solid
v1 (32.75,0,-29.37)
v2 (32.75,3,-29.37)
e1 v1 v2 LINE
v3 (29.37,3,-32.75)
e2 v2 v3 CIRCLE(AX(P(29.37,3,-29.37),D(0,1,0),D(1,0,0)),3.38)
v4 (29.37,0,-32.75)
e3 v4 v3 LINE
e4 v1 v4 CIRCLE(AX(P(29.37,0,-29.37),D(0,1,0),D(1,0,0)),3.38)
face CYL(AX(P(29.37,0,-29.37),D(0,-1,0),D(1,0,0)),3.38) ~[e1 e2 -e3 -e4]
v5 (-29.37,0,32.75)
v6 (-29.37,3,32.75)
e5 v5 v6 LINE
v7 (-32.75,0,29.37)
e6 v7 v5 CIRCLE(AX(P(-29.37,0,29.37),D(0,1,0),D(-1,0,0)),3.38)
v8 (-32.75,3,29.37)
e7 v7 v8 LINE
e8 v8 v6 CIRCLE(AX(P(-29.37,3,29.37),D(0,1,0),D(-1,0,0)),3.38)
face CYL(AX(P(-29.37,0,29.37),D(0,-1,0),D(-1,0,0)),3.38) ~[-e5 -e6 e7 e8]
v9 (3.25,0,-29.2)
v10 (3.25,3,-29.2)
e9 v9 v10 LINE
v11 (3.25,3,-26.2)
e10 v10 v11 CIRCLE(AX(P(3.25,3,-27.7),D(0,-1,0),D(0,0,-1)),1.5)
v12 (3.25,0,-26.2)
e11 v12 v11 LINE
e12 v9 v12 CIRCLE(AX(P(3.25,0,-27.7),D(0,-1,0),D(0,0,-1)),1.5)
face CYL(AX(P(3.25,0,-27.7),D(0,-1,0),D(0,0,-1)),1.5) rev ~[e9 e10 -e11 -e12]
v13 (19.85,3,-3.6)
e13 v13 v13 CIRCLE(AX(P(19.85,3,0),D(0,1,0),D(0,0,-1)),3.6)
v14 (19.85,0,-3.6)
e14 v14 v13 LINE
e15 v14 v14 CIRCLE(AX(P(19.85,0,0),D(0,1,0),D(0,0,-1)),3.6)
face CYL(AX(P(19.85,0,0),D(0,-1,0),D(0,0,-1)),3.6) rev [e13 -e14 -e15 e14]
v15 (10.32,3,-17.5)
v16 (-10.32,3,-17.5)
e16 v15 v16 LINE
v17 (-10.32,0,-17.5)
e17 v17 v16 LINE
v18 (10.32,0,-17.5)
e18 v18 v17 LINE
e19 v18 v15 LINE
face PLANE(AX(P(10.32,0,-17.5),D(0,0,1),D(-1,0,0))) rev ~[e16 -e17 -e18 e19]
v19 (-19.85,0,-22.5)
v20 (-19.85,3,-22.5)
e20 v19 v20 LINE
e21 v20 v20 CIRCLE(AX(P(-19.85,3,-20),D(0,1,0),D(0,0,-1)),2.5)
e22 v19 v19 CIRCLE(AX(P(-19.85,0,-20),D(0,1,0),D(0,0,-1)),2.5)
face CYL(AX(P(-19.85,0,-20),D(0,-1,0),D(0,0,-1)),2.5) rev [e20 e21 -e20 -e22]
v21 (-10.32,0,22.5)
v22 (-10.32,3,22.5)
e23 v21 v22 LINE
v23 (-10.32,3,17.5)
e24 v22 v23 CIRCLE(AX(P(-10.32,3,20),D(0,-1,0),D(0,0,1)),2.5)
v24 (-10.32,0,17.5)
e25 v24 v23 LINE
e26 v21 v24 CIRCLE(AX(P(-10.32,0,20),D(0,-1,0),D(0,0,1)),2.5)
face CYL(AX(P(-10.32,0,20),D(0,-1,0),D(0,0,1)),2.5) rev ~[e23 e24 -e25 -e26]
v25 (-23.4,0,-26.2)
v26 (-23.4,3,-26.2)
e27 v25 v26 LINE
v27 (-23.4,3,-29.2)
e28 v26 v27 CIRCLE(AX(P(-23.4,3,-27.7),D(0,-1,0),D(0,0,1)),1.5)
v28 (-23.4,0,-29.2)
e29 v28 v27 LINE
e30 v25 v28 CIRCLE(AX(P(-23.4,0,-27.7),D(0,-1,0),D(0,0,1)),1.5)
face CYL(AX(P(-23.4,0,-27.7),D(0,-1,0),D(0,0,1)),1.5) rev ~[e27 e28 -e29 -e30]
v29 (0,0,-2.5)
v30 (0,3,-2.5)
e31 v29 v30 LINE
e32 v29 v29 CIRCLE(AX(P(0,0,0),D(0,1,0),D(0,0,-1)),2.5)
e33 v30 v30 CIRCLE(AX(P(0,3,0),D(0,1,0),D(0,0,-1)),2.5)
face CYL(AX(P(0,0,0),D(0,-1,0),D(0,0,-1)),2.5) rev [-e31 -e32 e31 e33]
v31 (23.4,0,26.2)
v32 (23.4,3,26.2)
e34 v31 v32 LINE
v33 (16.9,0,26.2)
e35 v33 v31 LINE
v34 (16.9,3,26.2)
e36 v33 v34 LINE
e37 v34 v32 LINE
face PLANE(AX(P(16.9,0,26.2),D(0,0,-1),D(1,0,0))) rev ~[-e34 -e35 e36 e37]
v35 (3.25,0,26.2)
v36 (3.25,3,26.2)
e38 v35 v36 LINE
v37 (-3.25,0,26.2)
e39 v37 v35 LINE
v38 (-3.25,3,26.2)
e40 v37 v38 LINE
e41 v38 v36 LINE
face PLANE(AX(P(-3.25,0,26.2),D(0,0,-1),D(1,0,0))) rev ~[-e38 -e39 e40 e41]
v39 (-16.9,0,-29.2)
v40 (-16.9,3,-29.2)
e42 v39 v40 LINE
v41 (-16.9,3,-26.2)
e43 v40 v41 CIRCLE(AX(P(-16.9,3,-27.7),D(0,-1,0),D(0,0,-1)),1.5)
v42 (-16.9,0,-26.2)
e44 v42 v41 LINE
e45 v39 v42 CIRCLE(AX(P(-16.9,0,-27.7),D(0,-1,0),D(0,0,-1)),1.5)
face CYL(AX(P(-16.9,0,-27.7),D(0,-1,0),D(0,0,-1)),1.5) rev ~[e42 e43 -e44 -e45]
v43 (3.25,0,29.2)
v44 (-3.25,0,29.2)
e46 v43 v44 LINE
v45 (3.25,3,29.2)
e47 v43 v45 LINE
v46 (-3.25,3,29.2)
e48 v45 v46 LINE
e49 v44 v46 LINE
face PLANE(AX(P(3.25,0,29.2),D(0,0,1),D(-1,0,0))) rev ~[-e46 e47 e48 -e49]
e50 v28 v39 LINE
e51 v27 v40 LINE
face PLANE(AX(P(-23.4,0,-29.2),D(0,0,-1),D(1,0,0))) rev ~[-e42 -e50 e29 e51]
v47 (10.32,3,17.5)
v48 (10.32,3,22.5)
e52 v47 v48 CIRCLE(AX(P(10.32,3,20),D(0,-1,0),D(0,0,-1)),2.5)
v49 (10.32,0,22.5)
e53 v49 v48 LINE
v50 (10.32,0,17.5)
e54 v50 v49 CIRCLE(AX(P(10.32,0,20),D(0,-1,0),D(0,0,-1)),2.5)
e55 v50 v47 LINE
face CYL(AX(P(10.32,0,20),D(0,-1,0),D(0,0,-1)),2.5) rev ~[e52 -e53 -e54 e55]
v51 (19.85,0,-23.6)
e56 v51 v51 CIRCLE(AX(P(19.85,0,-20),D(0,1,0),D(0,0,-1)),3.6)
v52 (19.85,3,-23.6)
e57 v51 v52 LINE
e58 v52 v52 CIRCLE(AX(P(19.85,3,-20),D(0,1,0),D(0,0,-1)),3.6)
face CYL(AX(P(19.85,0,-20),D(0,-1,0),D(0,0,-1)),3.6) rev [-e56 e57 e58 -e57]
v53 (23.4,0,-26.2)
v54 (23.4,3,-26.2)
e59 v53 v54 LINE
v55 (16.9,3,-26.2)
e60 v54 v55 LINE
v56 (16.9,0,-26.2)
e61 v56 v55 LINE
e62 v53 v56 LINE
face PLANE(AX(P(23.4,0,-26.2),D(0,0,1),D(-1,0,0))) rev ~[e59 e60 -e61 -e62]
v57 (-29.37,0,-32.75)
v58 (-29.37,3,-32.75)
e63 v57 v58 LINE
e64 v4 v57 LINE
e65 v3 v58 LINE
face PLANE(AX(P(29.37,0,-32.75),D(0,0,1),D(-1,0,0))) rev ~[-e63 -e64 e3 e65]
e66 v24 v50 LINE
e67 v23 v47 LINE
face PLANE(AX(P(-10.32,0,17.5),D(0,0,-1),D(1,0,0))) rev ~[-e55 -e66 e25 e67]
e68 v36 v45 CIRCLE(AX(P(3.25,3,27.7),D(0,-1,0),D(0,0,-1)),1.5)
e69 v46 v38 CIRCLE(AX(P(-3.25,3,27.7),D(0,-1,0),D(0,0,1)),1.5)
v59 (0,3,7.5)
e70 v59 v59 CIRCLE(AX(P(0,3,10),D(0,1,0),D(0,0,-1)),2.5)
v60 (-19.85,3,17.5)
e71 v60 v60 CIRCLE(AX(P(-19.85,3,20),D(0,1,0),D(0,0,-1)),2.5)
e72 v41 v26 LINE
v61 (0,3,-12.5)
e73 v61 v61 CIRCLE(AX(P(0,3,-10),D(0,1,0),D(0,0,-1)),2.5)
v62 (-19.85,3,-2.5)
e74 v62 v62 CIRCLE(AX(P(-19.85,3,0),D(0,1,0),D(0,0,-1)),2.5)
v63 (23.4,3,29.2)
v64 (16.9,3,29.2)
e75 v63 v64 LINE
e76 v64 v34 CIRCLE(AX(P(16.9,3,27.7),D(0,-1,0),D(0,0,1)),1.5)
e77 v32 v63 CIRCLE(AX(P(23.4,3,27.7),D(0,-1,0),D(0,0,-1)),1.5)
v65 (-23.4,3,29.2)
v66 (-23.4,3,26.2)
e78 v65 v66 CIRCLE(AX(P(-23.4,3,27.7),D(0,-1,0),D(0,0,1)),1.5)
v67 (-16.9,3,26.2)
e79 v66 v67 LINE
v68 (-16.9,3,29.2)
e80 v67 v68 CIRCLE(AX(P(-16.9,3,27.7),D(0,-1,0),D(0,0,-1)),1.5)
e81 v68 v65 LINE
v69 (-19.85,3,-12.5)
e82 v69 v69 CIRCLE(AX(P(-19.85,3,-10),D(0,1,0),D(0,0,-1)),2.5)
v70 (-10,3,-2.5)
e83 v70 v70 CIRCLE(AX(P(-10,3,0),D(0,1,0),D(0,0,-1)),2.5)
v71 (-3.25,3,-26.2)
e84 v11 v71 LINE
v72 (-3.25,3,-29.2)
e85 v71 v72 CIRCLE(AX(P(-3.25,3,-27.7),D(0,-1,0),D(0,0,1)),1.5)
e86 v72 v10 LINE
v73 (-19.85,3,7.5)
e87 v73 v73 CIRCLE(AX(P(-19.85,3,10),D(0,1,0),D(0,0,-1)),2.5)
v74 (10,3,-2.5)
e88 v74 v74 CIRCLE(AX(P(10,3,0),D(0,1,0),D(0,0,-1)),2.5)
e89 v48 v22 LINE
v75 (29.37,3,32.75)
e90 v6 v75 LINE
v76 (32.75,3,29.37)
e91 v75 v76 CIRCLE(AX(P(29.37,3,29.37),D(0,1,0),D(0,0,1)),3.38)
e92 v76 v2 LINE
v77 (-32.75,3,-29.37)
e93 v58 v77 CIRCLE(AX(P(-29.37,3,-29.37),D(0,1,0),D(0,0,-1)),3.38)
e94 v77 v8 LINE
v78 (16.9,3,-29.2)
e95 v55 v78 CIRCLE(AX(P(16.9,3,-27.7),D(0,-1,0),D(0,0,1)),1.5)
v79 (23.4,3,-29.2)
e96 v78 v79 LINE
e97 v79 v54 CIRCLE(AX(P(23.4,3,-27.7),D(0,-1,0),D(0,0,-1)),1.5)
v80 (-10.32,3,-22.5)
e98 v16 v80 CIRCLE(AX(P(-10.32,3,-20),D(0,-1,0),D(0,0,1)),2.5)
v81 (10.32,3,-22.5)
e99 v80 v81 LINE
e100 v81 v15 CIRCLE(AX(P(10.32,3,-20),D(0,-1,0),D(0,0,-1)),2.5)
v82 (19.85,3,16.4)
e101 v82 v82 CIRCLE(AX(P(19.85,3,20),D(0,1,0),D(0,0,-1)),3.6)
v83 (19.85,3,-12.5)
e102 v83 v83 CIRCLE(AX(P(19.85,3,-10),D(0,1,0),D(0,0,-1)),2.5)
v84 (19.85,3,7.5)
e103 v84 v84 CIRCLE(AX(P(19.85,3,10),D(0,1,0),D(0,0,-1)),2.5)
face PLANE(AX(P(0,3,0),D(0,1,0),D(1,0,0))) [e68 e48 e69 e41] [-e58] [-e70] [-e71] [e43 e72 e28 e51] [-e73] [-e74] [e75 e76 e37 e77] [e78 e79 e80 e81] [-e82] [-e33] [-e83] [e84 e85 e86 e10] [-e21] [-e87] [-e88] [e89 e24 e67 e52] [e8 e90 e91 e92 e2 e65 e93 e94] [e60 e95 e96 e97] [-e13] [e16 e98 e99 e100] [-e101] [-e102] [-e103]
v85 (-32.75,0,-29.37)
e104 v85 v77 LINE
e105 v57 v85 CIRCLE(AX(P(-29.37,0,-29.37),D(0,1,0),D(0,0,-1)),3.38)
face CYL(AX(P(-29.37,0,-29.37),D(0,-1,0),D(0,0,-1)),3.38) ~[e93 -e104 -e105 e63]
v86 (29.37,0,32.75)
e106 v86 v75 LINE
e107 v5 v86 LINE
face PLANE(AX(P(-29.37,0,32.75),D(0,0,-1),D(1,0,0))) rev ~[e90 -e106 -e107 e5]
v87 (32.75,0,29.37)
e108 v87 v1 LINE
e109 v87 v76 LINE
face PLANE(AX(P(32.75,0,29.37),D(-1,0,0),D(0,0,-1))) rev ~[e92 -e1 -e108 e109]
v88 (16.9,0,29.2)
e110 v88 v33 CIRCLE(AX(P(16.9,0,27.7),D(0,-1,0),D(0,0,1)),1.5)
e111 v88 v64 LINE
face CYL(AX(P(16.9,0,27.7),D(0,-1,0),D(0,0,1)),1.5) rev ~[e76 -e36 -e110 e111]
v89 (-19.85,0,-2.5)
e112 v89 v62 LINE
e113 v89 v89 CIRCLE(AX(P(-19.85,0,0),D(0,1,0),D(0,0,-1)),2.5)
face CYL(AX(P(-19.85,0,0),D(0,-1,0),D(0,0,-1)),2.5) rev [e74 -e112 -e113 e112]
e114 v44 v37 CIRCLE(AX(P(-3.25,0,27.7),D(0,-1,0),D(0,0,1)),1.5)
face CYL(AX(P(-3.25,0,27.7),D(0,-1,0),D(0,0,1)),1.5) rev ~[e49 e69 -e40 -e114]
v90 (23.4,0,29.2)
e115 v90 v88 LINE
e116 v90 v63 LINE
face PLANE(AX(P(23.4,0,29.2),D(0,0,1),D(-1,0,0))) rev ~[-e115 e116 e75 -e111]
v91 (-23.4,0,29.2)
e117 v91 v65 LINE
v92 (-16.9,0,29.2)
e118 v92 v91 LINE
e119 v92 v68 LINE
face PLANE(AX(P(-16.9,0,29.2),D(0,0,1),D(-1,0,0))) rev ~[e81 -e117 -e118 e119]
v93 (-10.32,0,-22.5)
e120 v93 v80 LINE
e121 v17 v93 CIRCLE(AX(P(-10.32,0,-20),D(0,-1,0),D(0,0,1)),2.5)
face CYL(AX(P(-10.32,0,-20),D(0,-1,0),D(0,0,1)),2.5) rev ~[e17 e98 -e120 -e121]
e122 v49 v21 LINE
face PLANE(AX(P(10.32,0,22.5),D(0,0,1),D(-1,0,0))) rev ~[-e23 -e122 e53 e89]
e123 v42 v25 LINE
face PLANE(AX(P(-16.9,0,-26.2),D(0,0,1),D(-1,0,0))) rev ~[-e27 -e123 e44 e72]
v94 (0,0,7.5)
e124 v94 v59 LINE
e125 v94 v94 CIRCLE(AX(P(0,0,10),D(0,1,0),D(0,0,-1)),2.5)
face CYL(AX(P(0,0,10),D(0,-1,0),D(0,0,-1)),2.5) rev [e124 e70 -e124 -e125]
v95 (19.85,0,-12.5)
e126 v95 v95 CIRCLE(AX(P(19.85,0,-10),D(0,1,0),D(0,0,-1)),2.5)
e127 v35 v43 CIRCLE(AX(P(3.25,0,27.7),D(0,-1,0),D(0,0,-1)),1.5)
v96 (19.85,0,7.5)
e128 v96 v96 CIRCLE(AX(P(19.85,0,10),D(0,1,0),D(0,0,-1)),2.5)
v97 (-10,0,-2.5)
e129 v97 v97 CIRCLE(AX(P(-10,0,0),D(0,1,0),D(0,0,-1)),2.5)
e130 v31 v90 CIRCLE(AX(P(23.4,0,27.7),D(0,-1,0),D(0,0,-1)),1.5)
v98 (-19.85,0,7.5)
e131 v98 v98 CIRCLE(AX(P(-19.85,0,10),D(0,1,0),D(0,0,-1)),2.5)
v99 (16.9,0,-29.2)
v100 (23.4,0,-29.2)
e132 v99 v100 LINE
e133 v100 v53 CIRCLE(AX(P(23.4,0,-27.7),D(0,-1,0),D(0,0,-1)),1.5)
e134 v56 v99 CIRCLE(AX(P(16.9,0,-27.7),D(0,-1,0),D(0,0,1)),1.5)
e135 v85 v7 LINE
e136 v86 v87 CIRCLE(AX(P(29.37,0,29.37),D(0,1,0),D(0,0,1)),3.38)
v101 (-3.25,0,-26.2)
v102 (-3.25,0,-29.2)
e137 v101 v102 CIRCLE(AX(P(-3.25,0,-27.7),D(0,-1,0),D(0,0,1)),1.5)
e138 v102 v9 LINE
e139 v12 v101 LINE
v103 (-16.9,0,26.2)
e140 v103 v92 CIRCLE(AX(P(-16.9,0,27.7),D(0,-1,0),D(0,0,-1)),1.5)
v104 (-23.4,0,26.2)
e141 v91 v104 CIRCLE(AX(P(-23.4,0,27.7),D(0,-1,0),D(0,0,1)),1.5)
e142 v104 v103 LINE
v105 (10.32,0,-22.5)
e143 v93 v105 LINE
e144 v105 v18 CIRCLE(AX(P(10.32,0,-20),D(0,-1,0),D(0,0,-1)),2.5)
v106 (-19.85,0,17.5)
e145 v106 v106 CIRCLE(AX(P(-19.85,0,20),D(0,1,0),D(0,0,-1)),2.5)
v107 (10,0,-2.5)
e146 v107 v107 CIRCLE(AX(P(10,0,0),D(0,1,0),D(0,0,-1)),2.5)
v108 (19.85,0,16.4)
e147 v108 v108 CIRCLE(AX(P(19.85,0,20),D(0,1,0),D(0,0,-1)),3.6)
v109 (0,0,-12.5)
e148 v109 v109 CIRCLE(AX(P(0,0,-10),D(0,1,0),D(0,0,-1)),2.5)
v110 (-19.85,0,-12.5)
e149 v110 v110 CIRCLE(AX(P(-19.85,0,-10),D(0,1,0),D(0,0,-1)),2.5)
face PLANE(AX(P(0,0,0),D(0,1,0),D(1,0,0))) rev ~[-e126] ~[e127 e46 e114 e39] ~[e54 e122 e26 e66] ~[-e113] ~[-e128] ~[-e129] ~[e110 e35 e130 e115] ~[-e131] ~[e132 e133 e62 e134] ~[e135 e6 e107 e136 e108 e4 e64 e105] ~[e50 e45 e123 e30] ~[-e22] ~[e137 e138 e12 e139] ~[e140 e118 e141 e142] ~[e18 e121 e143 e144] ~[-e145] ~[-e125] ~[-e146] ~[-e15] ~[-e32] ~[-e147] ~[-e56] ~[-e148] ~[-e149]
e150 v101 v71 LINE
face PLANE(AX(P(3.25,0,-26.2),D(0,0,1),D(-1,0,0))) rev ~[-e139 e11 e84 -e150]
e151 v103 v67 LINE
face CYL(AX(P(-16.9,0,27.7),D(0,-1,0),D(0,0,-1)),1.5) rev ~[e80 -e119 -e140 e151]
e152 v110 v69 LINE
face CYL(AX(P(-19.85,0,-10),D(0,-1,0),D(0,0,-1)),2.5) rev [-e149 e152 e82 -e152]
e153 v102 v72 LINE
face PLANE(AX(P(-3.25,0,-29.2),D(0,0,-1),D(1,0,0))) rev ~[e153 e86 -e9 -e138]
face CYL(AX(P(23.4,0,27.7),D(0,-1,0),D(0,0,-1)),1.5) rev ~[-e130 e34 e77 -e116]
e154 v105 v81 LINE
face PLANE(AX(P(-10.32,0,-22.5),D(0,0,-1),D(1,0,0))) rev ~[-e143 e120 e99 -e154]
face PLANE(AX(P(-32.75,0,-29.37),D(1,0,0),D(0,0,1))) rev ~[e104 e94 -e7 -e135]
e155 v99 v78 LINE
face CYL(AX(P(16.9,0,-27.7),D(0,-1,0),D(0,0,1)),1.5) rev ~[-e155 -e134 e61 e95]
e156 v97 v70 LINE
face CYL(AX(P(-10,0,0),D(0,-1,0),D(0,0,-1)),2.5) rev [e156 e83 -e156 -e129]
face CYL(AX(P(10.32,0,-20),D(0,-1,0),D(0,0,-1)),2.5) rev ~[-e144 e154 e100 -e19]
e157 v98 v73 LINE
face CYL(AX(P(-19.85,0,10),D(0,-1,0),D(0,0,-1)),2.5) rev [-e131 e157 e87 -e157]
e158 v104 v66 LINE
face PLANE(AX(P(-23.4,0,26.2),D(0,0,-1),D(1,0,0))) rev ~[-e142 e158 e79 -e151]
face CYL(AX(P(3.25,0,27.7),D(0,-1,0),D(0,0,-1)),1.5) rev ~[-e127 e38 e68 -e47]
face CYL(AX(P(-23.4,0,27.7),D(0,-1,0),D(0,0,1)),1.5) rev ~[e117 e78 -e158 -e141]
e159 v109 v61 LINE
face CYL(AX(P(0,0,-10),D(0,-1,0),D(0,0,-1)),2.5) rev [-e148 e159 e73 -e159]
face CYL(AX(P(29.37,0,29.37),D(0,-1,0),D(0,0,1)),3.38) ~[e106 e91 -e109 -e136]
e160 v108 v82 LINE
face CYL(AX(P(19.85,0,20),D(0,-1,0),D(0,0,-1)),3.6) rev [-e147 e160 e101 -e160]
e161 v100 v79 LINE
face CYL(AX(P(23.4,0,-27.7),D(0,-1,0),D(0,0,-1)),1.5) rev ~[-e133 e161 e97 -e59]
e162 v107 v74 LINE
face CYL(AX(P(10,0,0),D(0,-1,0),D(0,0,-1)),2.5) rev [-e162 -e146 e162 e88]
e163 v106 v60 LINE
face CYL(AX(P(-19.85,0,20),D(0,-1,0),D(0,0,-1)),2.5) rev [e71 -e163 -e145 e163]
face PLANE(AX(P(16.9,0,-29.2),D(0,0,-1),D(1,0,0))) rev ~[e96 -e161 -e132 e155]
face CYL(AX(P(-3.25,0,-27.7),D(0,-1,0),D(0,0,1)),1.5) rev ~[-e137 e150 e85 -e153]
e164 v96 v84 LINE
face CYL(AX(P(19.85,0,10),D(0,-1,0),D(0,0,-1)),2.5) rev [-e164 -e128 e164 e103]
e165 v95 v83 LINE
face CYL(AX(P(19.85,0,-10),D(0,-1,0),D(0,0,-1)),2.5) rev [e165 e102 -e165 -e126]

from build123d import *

# Parameters (mm, degrees)
SKETCH1_R           = 3.6
SKETCH1_R_2         = 2.5
BOSS_EXTRUDE1_DEPTH = 3


with BuildPart() as part:
    # Sketch1 → Boss-Extrude1 (new body)
    with BuildSketch(Plane(origin=(0, 0, 0), x_dir=(1, 0, 0), z_dir=(0, 1, 0))):
        with BuildLine():
            Line((-32.75, 29.37), (-32.75, -29.37))
            ThreePointArc((-32.75, -29.37), (-31.76002092, -31.76002092), (-29.37, -32.75))
            Line((-29.37, -32.75), (29.37, -32.75))
            ThreePointArc((29.37, -32.75), (31.76002092, -31.76002092), (32.75, -29.37))
            Line((32.75, -29.37), (32.75, 29.37))
            ThreePointArc((32.75, 29.37), (31.76002092, 31.76002092), (29.37, 32.75))
            Line((29.37, 32.75), (-29.37, 32.75))
            ThreePointArc((-29.37, 32.75), (-31.76002092, 31.76002092), (-32.75, 29.37))
        make_face()
        with Locations(Location((19.85, -20, 0), (0, 0, 90))):
            Circle(SKETCH1_R, mode=Mode.SUBTRACT)
        with Locations(Location((19.85, 0, 0), (0, 0, 90))):
            Circle(SKETCH1_R, mode=Mode.SUBTRACT)
        with Locations(Location((19.85, 10, 0), (0, 0, 90))):
            Circle(SKETCH1_R_2, mode=Mode.SUBTRACT)
        with Locations(Location((-19.85, 10, 0), (0, 0, 90))):
            Circle(SKETCH1_R_2, mode=Mode.SUBTRACT)
        with Locations(Location((-19.85, -10, 0), (0, 0, 90))):
            Circle(SKETCH1_R_2, mode=Mode.SUBTRACT)
        with Locations(Location((10, 0, 0), (0, 0, 90))):
            Circle(SKETCH1_R_2, mode=Mode.SUBTRACT)
        with Locations(Location((-10, 0, 0), (0, 0, 90))):
            Circle(SKETCH1_R_2, mode=Mode.SUBTRACT)
        with Locations(Location((0, 0, 0), (0, 0, 90))):
            Circle(SKETCH1_R_2, mode=Mode.SUBTRACT)
        with Locations(Location((0, 10, 0), (0, 0, 90))):
            Circle(SKETCH1_R_2, mode=Mode.SUBTRACT)
        with Locations(Location((0, -10, 0), (0, 0, 90))):
            Circle(SKETCH1_R_2, mode=Mode.SUBTRACT)
        with Locations(Location((-19.85, 0, 0), (0, 0, 90))):
            Circle(SKETCH1_R_2, mode=Mode.SUBTRACT)
        with Locations(Location((-19.85, -20, 0), (0, 0, 90))):
            Circle(SKETCH1_R_2, mode=Mode.SUBTRACT)
        with Locations(Location((-19.85, 20, 0), (0, 0, 90))):
            Circle(SKETCH1_R_2, mode=Mode.SUBTRACT)
        with Locations(Location((19.85, -10, 0), (0, 0, 90))):
            Circle(SKETCH1_R_2, mode=Mode.SUBTRACT)
        with Locations(Location((19.85, 20, 0), (0, 0, 90))):
            Circle(SKETCH1_R, mode=Mode.SUBTRACT)
        with BuildLine():
            Line((-10.32, 22.5), (10.32, 22.5))
            ThreePointArc((10.32, 22.5), (12.82, 20), (10.32, 17.5))
            Line((10.32, 17.5), (-10.32, 17.5))
            ThreePointArc((-10.32, 17.5), (-12.82, 20), (-10.32, 22.5))
        make_face(mode=Mode.SUBTRACT)
        with BuildLine():
            Line((23.4, 26.2), (16.9, 26.2))
            ThreePointArc((16.9, 26.2), (15.4, 27.7), (16.9, 29.2))
            Line((16.9, 29.2), (23.4, 29.2))
            ThreePointArc((23.4, 29.2), (24.9, 27.7), (23.4, 26.2))
        make_face(mode=Mode.SUBTRACT)
        with BuildLine():
            Line((-23.4, 29.2), (-16.9, 29.2))
            ThreePointArc((-16.9, 29.2), (-15.4, 27.7), (-16.9, 26.2))
            Line((-16.9, 26.2), (-23.4, 26.2))
            ThreePointArc((-23.4, 26.2), (-24.9, 27.7), (-23.4, 29.2))
        make_face(mode=Mode.SUBTRACT)
        with BuildLine():
            Line((16.9, -26.2), (23.4, -26.2))
            ThreePointArc((23.4, -26.2), (24.9, -27.7), (23.4, -29.2))
            Line((23.4, -29.2), (16.9, -29.2))
            ThreePointArc((16.9, -29.2), (15.4, -27.7), (16.9, -26.2))
        make_face(mode=Mode.SUBTRACT)
        with BuildLine():
            Line((3.25, -29.2), (-3.25, -29.2))
            ThreePointArc((-3.25, -29.2), (-4.75, -27.7), (-3.25, -26.2))
            Line((-3.25, -26.2), (3.25, -26.2))
            ThreePointArc((3.25, -26.2), (4.75, -27.7), (3.25, -29.2))
        make_face(mode=Mode.SUBTRACT)
        with BuildLine():
            Line((-23.4, -26.2), (-16.9, -26.2))
            ThreePointArc((-16.9, -26.2), (-15.4, -27.7), (-16.9, -29.2))
            Line((-16.9, -29.2), (-23.4, -29.2))
            ThreePointArc((-23.4, -29.2), (-24.9, -27.7), (-23.4, -26.2))
        make_face(mode=Mode.SUBTRACT)
        with BuildLine():
            Line((3.25, 26.2), (-3.25, 26.2))
            ThreePointArc((-3.25, 26.2), (-4.75, 27.7), (-3.25, 29.2))
            Line((-3.25, 29.2), (3.25, 29.2))
            ThreePointArc((3.25, 29.2), (4.75, 27.7), (3.25, 26.2))
        make_face(mode=Mode.SUBTRACT)
        with BuildLine():
            Line((10.32, -22.5), (-10.32, -22.5))
            ThreePointArc((-10.32, -22.5), (-12.82, -20), (-10.32, -17.5))
            Line((-10.32, -17.5), (10.32, -17.5))
            ThreePointArc((10.32, -17.5), (12.82, -20), (10.32, -22.5))
        make_face(mode=Mode.SUBTRACT)
    extrude(amount=BOSS_EXTRUDE1_DEPTH)


solid = part.part
